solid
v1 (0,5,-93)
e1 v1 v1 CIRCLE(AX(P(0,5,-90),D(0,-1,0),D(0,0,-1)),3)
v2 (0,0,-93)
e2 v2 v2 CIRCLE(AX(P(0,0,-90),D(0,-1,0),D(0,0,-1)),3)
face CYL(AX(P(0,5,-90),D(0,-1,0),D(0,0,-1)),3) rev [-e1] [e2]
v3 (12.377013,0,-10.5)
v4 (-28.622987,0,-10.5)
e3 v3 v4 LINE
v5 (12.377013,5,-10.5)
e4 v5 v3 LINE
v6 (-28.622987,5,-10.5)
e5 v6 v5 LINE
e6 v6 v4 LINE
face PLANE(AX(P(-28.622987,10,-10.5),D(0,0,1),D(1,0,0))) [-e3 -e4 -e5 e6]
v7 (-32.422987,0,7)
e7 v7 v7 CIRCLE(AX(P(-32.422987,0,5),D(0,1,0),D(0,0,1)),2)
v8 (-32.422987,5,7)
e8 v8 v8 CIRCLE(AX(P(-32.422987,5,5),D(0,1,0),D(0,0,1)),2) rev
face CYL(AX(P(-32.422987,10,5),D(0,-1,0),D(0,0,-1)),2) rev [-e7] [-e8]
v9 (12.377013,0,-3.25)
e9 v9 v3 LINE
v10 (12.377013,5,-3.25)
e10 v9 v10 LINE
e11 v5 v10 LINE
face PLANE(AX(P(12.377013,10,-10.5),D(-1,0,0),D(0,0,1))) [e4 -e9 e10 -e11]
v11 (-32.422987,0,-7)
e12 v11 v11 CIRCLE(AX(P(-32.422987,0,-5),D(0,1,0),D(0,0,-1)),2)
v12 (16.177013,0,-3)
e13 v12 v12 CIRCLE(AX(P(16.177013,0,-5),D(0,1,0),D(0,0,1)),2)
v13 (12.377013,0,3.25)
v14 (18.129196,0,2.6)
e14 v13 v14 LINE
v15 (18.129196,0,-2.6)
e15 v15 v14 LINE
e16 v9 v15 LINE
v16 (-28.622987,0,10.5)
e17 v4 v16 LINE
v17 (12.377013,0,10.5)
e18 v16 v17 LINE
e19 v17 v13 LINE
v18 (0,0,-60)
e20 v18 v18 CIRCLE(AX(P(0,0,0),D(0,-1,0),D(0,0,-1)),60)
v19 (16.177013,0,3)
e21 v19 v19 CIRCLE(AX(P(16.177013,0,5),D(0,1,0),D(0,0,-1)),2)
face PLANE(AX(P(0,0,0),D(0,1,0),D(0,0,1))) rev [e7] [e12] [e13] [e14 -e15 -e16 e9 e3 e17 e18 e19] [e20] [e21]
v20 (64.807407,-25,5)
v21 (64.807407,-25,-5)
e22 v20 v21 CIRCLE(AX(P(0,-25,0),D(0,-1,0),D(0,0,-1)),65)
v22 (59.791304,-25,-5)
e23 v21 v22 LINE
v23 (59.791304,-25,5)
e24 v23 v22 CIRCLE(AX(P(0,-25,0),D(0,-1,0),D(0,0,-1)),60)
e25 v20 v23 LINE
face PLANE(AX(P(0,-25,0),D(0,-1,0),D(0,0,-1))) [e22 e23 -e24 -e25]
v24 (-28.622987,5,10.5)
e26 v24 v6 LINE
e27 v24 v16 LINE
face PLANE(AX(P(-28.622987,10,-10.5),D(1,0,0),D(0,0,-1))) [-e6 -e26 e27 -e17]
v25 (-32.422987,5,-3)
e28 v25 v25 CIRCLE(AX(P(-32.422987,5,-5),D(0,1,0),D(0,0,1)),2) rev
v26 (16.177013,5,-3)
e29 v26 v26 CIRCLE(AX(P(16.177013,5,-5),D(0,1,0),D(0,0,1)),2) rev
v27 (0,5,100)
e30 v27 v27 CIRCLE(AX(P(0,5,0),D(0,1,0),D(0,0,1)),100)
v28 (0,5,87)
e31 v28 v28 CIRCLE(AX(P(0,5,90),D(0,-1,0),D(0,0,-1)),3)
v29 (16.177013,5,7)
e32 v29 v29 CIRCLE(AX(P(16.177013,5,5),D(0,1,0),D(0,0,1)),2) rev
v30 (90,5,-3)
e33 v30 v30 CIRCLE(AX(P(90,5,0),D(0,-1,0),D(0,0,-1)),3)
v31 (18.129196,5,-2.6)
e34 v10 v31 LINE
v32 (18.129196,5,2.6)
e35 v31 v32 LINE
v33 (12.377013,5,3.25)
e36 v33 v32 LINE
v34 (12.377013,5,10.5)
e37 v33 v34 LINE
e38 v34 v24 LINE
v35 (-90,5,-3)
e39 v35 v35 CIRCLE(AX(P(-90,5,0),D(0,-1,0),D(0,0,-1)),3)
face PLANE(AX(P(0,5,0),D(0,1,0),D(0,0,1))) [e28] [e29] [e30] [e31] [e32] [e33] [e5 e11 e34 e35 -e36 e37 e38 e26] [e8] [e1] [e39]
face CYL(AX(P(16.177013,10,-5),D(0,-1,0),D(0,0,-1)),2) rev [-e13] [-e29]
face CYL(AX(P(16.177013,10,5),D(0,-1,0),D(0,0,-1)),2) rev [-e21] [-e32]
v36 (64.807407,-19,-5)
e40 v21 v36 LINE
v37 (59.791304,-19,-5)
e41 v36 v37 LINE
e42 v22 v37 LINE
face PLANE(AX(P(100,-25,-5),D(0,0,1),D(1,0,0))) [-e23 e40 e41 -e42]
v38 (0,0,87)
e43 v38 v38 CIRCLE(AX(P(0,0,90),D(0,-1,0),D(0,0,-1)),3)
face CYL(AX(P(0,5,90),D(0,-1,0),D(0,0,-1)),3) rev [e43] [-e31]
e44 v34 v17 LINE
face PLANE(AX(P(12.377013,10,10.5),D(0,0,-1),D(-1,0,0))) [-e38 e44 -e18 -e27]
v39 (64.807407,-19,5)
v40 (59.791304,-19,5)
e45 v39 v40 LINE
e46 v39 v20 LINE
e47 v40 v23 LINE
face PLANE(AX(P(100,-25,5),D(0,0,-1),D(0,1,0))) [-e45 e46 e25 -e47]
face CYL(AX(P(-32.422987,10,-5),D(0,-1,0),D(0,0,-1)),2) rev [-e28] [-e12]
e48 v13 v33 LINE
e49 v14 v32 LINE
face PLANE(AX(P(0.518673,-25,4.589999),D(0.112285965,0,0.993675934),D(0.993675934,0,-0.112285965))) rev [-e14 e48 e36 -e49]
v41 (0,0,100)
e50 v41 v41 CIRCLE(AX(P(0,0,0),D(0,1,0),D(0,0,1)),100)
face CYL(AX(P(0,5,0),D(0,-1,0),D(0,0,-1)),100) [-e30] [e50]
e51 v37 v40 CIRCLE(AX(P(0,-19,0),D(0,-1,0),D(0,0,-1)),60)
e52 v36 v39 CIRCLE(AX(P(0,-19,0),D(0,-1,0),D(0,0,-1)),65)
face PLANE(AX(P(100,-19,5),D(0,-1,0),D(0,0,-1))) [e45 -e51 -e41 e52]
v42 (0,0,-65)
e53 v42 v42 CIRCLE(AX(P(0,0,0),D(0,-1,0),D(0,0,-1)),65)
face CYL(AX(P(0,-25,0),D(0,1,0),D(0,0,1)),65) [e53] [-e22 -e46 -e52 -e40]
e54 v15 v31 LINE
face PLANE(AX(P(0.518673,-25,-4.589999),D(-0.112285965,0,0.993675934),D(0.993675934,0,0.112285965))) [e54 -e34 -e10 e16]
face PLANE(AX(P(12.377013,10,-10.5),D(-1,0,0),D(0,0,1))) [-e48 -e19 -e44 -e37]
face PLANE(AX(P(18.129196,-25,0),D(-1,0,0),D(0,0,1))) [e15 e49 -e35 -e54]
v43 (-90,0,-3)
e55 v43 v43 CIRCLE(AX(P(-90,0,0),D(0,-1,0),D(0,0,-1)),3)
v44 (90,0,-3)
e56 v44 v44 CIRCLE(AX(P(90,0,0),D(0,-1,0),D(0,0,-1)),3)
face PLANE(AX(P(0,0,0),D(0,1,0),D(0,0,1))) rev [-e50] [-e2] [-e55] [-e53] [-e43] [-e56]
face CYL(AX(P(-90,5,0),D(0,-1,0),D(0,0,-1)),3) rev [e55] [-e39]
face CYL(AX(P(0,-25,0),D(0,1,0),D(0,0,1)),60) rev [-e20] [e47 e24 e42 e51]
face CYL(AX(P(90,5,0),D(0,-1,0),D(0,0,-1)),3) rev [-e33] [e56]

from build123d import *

# Parameters (mm, degrees)
SKETCH_1_R          = 100
EXTRUDE_1_DEPTH     = 5
SKETCH_3_R          = 3
CUT_EXTRUDE_1_DEPTH = 142.509716981
SKETCH_2_R          = 2
SKETCH_2_W          = 41
SKETCH_2_H          = 21
CUT_EXTRUDE_3_DEPTH = 10
SKETCH_4_R          = 65
SKETCH_4_R_2        = 60
EXTRUDE_2_DEPTH     = 25
CUT_EXTRUDE_4_DEPTH = 145.568322948
SKETCH_6_W          = 10
SKETCH_6_H          = 6
CUT_EXTRUDE_5_DEPTH = 165.829829674


with BuildPart() as part:
    # 草图1 → 凸台-拉伸1 (new body)
    with BuildSketch(Plane(origin=(0, 0, 0), x_dir=(1, 0, 0), z_dir=(0, 1, 0))):
        with Locations(Location((0, 0, 0), (0, 0, 270))):
            Circle(SKETCH_1_R)
    extrude(amount=EXTRUDE_1_DEPTH)

    # 草图3 → 切除-拉伸1 (cut, through all)
    with BuildSketch(Plane.XZ):
        with Locations(Location((0, 90, 0), (0, 0, 270))):
            Circle(SKETCH_3_R)
        with Locations(Location((90, 0, 0), (0, 0, 270))):
            Circle(SKETCH_3_R)
        with Locations(Location((0, -90, 0), (0, 0, 270))):
            Circle(SKETCH_3_R)
        with Locations(Location((-90, 0, 0), (0, 0, 270))):
            Circle(SKETCH_3_R)
    extrude(amount=-CUT_EXTRUDE_1_DEPTH, mode=Mode.SUBTRACT)

    # 草图2 → 切除-拉伸3 (cut)
    with BuildSketch(Plane(origin=(0, 0, 0), x_dir=(1, 0, 0), z_dir=(0, 1, 0))):
        with Locations(Location((16.177013134, 5, 0), (0, 0, 270))):
            Circle(SKETCH_2_R)
        with Locations(Location((16.177013134, -5, 0), (0, 0, 90))):
            Circle(SKETCH_2_R)
        with Locations(Location((-32.422986866, -5, 0), (0, 0, 270))):
            Circle(SKETCH_2_R)
        with Locations(Location((-32.422986866, 5, 0), (0, 0, 90))):
            Circle(SKETCH_2_R)
        with Locations((-8.122986866, 0)):
            Rectangle(SKETCH_2_W, SKETCH_2_H)
    extrude(amount=CUT_EXTRUDE_3_DEPTH, mode=Mode.SUBTRACT)

    # 草图4 → 凸台-拉伸2 (add)
    with BuildSketch(Plane.XZ):
        with Locations(Location((0, 0, 0), (0, 0, 270))):
            Circle(SKETCH_4_R)
        with Locations(Location((0, 0, 0), (0, 0, 270))):
            Circle(SKETCH_4_R_2, mode=Mode.SUBTRACT)
    extrude(amount=EXTRUDE_2_DEPTH)

    # 草图5 → 切除-拉伸4 (cut, through all)
    with BuildSketch(Plane(origin=(0, 5, 0), x_dir=(1, 0, 0), z_dir=(0, 1, 0))):
        Polygon((12.377013134, 3.25), (12.377013134, 0), (18.12919557, 0), (18.12919557, 2.6), align=None)
        Polygon((12.377013134, 0), (12.377013134, -3.25), (18.12919557, -2.6), (18.12919557, 0), align=None)
    extrude(amount=-CUT_EXTRUDE_4_DEPTH, mode=Mode.SUBTRACT)

    # 草图6 → 切除-拉伸5 (cut, through all)
    with BuildSketch(Plane(origin=(-28.622986866, 0, 0), x_dir=(0, 0, -1), z_dir=(1, 0, 0))):
        with Locations((0, -22)):
            Rectangle(SKETCH_6_W, SKETCH_6_H)
    extrude(amount=CUT_EXTRUDE_5_DEPTH, mode=Mode.SUBTRACT)


solid = part.part
